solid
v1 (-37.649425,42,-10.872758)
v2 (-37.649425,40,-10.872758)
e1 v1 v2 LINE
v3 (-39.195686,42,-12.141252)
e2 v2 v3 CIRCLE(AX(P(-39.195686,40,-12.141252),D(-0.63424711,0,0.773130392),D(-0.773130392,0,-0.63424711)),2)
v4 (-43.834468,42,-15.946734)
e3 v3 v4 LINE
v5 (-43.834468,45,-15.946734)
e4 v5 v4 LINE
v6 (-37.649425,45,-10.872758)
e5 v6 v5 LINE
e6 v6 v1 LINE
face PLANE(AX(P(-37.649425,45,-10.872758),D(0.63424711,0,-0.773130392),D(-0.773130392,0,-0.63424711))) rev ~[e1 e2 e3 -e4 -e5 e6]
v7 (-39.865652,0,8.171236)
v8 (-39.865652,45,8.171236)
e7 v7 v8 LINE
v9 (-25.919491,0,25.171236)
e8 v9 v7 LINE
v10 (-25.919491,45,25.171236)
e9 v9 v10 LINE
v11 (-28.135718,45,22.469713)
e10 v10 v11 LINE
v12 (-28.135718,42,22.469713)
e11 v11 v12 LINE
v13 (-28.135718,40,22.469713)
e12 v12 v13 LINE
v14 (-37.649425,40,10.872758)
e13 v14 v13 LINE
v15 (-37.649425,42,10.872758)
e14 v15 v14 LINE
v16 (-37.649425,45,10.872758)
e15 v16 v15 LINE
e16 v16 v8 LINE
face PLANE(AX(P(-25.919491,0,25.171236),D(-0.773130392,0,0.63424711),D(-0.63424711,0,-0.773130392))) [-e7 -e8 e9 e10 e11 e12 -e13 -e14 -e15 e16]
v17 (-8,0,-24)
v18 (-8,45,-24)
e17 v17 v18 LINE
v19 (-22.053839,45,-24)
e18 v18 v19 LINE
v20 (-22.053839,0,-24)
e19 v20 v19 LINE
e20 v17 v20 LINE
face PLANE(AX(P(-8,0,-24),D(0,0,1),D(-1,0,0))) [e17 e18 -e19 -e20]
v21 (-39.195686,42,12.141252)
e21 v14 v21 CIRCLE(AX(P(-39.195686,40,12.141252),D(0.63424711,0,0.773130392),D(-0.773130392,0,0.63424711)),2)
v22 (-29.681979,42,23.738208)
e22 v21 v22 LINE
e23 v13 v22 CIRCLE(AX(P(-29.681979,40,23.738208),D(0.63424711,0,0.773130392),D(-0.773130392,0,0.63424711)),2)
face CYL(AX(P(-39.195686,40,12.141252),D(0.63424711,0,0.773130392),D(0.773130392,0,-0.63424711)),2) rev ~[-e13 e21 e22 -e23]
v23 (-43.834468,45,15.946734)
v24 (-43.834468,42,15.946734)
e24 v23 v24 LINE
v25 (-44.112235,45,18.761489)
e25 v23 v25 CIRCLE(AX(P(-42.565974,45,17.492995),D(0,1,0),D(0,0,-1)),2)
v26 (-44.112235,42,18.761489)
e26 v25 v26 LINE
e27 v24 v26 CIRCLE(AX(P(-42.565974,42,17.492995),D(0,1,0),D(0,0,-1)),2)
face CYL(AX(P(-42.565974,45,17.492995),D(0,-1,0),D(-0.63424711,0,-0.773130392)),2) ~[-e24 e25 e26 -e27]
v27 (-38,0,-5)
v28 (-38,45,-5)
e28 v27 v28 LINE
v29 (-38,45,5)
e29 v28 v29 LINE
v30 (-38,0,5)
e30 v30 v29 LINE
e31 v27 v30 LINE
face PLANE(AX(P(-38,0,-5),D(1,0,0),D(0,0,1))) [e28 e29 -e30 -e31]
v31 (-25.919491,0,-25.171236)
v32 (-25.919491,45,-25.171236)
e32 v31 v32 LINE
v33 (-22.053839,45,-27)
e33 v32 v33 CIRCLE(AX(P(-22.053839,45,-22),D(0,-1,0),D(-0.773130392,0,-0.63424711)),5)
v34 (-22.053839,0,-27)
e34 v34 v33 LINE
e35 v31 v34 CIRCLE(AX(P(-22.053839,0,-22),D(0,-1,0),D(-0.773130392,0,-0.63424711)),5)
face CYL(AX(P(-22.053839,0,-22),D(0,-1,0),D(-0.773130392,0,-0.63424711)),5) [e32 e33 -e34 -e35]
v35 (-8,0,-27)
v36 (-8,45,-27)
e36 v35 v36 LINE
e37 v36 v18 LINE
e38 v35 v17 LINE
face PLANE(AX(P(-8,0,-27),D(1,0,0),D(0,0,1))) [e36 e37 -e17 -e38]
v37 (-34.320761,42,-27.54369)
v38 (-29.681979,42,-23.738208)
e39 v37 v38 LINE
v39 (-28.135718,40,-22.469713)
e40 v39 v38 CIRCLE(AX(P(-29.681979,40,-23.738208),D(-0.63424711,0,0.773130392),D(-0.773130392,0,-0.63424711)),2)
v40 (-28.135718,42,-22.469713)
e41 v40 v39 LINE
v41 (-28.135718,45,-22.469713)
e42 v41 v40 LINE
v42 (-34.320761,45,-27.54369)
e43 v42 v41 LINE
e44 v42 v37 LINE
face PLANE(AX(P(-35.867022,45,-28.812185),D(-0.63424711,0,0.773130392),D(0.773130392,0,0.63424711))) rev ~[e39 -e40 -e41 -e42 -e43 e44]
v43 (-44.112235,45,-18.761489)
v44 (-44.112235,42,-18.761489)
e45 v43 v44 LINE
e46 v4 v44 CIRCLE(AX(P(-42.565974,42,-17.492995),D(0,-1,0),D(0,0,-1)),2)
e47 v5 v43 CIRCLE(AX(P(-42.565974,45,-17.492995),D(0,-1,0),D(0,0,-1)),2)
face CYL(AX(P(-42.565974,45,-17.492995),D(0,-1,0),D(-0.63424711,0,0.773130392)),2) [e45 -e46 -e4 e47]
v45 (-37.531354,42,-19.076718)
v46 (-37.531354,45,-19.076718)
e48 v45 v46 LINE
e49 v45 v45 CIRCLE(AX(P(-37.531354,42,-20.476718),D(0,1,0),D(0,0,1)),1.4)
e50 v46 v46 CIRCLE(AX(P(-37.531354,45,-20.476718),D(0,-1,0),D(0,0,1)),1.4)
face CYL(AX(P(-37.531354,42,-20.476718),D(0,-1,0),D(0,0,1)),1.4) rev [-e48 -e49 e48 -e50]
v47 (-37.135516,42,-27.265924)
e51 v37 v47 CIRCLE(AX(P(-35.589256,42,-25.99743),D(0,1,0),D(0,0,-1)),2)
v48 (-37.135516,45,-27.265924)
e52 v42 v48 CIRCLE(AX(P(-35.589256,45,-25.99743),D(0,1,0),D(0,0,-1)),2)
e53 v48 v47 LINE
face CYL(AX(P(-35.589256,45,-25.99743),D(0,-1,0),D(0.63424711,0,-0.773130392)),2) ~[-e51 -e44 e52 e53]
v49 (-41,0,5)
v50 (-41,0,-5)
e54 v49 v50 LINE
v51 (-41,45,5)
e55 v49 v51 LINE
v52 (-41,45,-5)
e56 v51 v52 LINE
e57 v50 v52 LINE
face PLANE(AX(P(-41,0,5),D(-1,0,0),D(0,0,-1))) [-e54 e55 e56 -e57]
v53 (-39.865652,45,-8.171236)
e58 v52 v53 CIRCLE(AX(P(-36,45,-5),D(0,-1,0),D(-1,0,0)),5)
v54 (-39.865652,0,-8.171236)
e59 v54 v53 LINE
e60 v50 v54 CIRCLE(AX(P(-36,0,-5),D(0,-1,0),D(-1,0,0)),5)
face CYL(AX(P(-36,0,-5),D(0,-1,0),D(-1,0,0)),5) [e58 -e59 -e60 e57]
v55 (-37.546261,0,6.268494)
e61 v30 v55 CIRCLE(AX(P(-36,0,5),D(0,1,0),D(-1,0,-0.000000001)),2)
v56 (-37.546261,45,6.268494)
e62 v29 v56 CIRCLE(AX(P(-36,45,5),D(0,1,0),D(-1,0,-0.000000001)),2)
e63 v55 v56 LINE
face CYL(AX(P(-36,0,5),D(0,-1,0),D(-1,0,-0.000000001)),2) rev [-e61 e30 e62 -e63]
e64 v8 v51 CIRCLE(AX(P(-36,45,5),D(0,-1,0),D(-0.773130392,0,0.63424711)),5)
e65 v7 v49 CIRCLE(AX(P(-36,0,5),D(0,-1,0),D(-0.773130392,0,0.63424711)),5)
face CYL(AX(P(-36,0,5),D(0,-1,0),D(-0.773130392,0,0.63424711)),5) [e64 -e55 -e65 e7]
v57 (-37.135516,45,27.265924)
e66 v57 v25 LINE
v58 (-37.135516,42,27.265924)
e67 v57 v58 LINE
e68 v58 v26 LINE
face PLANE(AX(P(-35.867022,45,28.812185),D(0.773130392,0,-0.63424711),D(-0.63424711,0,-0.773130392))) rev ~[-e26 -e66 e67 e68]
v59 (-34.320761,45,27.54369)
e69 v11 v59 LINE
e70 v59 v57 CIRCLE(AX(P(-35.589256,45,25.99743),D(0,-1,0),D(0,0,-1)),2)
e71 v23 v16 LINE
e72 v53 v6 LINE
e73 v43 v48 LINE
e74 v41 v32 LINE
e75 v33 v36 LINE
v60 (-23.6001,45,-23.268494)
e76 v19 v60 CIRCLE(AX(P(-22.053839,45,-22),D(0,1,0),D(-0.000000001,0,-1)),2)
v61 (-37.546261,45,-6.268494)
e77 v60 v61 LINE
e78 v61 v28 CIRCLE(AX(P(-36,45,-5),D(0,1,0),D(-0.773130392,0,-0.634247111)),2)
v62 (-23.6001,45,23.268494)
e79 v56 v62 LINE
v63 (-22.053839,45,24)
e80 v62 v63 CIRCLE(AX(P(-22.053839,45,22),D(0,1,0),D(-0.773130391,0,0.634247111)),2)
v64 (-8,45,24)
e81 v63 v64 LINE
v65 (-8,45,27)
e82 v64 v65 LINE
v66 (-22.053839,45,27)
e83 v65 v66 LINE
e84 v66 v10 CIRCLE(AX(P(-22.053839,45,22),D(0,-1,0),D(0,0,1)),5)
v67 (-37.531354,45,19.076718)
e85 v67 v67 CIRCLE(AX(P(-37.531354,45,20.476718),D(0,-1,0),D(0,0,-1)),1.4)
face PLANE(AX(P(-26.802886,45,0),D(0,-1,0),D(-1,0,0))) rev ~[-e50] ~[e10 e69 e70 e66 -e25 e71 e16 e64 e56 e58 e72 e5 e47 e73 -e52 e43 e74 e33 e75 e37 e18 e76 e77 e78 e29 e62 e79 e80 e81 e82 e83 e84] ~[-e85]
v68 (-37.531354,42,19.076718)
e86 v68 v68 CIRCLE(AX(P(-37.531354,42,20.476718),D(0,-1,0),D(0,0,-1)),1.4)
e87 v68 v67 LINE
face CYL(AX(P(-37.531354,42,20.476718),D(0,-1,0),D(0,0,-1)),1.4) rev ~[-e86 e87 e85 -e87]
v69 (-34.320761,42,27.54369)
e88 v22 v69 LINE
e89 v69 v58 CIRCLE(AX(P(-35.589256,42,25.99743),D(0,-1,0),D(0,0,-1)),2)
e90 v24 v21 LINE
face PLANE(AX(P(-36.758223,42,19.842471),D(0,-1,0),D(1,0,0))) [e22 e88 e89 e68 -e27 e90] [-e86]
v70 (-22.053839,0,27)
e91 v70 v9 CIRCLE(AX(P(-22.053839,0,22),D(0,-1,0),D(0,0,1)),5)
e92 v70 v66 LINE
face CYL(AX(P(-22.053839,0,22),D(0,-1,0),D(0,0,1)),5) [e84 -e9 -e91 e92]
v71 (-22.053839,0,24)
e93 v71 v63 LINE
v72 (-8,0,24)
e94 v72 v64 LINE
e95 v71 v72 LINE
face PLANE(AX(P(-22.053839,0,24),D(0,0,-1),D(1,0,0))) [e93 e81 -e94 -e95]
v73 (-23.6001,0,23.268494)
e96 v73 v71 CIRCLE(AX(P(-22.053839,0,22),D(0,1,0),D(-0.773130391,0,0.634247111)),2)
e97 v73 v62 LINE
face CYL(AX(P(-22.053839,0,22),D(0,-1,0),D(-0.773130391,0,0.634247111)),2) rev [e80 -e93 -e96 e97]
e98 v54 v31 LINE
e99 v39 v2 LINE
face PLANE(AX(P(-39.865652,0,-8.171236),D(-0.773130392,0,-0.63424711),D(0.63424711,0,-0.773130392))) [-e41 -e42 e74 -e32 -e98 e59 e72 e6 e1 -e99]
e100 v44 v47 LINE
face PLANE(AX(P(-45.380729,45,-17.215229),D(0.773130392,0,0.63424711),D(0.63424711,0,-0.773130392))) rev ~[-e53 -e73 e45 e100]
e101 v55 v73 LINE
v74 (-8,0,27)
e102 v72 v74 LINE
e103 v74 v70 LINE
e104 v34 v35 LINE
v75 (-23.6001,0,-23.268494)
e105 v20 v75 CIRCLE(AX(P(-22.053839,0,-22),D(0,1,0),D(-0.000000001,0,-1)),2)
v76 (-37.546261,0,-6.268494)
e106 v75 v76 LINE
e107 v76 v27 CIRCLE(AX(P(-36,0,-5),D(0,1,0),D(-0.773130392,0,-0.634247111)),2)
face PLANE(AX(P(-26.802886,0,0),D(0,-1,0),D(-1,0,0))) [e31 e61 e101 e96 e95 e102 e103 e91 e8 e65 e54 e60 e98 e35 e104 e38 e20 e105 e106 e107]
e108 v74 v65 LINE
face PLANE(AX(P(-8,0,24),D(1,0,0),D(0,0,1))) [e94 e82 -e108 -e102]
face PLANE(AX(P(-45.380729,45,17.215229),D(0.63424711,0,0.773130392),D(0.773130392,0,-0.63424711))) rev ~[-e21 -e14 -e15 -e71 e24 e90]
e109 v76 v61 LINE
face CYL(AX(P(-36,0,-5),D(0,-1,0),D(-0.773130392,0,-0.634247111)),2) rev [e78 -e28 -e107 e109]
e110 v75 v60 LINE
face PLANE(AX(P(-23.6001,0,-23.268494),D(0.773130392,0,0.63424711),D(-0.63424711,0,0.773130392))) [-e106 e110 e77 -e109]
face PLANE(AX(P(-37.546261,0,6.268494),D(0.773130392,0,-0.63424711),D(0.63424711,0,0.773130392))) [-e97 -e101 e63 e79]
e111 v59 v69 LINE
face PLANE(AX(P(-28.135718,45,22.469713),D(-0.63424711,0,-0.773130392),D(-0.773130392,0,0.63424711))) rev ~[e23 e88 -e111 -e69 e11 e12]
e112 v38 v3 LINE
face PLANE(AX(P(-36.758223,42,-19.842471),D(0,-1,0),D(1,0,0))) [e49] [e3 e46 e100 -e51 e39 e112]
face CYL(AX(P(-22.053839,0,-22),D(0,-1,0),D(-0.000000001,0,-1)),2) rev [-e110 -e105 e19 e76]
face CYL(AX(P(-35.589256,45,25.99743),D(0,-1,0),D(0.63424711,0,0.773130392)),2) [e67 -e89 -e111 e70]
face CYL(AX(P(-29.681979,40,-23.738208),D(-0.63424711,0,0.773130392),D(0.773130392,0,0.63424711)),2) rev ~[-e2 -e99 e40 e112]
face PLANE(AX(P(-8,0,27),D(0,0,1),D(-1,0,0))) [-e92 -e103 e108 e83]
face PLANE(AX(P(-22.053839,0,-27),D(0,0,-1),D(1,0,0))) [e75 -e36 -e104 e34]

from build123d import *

# Parameters (mm, degrees)
BOSS_EXTRUDE1_DEPTH = 45
BOSS_EXTRUDE2_DEPTH = 3
FILLET1_R           = 2
SKETCH5_R           = 1.4
CUT_EXTRUDE1_DEPTH  = 68.3348504


with BuildPart() as part:
    # Sketch3 → Boss-Extrude1 (new body)
    with BuildSketch(Plane(origin=(0, 0, 0), x_dir=(1, 0, 0), z_dir=(0, 1, 0))):
        with BuildLine():
            Line((-8, 24), (-22.053839059, 24))
            ThreePointArc((-22.053839059, 24), (-22.90912017, 23.807897735), (-23.600099843, 23.268494221))
            Line((-23.600099843, 23.268494221), (-37.546260784, 6.268494221))
            ThreePointArc((-37.546260784, 6.268494221), (-37.883151822, 5.673601675), (-38, 5))
            Line((-38, 5), (-38, -5))
            ThreePointArc((-38, -5), (-37.883151822, -5.673601675), (-37.546260784, -6.268494221))
            Line((-37.546260784, -6.268494221), (-23.600099843, -23.268494221))
            ThreePointArc((-23.600099843, -23.268494221), (-22.90912017, -23.807897735), (-22.053839059, -24))
            Line((-22.053839059, -24), (-8, -24))
            Line((-8, -24), (-8, -27))
            Line((-8, -27), (-22.053839059, -27))
            ThreePointArc((-22.053839059, -27), (-24.192041837, -26.519744338), (-25.919491019, -25.171235552))
            Line((-25.919491019, -25.171235552), (-39.86565196, -8.171235552))
            ThreePointArc((-39.86565196, -8.171235552), (-40.707879555, -6.684004186), (-41, -5))
            Line((-41, -5), (-41, 5))
            ThreePointArc((-41, 5), (-40.707879555, 6.684004186), (-39.86565196, 8.171235552))
            Line((-39.86565196, 8.171235552), (-25.919491019, 25.171235552))
            ThreePointArc((-25.919491019, 25.171235552), (-24.192041837, 26.519744338), (-22.053839059, 27))
            Line((-22.053839059, 27), (-8, 27))
            Line((-8, 27), (-8, 24))
        make_face()
    extrude(amount=BOSS_EXTRUDE1_DEPTH)

    # Sketch4 → Boss-Extrude2 (add)
    with BuildSketch(Plane.XZ.offset(-45)):
        Polygon((-28.135718162, 22.469713492), (-35.867022082, 28.812184595), (-45.380728737, 17.215228715), (-37.649424817, 10.872757612), align=None)
        Polygon((-37.649424817, -10.872757612), (-45.380728737, -17.215228715), (-35.867022082, -28.812184595), (-28.135718162, -22.469713492), align=None)
    extrude(amount=BOSS_EXTRUDE2_DEPTH)

    # Fillet1
    fillet1_edges = [part.edges().sort_by_distance(p)[0] for p in [
        (-35.867022082, 43.5, 28.812184595),
        (-45.380728737, 43.5, 17.215228715),
        (-32.892571489, 42, 16.671235552),
        (-45.380728737, 43.5, -17.215228715),
        (-35.867022082, 43.5, -28.812184595),
        (-32.892571489, 42, -16.671235552),
    ]]
    fillet(fillet1_edges, radius=FILLET1_R)

    # Sketch5 → Cut-Extrude1 (cut, through all)
    with BuildSketch(Plane.XZ.offset(-42)):
        with Locations(Location((-37.531353842, 20.476718214, 0), (0, 0, 270))):
            Circle(SKETCH5_R)
    cut_extrude1 = extrude(amount=-CUT_EXTRUDE1_DEPTH, mode=Mode.SUBTRACT)

    # Mirror1: Cut-Extrude1 across plane
    add(cut_extrude1.mirror(Plane.XY), mode=Mode.SUBTRACT)


solid = part.part
